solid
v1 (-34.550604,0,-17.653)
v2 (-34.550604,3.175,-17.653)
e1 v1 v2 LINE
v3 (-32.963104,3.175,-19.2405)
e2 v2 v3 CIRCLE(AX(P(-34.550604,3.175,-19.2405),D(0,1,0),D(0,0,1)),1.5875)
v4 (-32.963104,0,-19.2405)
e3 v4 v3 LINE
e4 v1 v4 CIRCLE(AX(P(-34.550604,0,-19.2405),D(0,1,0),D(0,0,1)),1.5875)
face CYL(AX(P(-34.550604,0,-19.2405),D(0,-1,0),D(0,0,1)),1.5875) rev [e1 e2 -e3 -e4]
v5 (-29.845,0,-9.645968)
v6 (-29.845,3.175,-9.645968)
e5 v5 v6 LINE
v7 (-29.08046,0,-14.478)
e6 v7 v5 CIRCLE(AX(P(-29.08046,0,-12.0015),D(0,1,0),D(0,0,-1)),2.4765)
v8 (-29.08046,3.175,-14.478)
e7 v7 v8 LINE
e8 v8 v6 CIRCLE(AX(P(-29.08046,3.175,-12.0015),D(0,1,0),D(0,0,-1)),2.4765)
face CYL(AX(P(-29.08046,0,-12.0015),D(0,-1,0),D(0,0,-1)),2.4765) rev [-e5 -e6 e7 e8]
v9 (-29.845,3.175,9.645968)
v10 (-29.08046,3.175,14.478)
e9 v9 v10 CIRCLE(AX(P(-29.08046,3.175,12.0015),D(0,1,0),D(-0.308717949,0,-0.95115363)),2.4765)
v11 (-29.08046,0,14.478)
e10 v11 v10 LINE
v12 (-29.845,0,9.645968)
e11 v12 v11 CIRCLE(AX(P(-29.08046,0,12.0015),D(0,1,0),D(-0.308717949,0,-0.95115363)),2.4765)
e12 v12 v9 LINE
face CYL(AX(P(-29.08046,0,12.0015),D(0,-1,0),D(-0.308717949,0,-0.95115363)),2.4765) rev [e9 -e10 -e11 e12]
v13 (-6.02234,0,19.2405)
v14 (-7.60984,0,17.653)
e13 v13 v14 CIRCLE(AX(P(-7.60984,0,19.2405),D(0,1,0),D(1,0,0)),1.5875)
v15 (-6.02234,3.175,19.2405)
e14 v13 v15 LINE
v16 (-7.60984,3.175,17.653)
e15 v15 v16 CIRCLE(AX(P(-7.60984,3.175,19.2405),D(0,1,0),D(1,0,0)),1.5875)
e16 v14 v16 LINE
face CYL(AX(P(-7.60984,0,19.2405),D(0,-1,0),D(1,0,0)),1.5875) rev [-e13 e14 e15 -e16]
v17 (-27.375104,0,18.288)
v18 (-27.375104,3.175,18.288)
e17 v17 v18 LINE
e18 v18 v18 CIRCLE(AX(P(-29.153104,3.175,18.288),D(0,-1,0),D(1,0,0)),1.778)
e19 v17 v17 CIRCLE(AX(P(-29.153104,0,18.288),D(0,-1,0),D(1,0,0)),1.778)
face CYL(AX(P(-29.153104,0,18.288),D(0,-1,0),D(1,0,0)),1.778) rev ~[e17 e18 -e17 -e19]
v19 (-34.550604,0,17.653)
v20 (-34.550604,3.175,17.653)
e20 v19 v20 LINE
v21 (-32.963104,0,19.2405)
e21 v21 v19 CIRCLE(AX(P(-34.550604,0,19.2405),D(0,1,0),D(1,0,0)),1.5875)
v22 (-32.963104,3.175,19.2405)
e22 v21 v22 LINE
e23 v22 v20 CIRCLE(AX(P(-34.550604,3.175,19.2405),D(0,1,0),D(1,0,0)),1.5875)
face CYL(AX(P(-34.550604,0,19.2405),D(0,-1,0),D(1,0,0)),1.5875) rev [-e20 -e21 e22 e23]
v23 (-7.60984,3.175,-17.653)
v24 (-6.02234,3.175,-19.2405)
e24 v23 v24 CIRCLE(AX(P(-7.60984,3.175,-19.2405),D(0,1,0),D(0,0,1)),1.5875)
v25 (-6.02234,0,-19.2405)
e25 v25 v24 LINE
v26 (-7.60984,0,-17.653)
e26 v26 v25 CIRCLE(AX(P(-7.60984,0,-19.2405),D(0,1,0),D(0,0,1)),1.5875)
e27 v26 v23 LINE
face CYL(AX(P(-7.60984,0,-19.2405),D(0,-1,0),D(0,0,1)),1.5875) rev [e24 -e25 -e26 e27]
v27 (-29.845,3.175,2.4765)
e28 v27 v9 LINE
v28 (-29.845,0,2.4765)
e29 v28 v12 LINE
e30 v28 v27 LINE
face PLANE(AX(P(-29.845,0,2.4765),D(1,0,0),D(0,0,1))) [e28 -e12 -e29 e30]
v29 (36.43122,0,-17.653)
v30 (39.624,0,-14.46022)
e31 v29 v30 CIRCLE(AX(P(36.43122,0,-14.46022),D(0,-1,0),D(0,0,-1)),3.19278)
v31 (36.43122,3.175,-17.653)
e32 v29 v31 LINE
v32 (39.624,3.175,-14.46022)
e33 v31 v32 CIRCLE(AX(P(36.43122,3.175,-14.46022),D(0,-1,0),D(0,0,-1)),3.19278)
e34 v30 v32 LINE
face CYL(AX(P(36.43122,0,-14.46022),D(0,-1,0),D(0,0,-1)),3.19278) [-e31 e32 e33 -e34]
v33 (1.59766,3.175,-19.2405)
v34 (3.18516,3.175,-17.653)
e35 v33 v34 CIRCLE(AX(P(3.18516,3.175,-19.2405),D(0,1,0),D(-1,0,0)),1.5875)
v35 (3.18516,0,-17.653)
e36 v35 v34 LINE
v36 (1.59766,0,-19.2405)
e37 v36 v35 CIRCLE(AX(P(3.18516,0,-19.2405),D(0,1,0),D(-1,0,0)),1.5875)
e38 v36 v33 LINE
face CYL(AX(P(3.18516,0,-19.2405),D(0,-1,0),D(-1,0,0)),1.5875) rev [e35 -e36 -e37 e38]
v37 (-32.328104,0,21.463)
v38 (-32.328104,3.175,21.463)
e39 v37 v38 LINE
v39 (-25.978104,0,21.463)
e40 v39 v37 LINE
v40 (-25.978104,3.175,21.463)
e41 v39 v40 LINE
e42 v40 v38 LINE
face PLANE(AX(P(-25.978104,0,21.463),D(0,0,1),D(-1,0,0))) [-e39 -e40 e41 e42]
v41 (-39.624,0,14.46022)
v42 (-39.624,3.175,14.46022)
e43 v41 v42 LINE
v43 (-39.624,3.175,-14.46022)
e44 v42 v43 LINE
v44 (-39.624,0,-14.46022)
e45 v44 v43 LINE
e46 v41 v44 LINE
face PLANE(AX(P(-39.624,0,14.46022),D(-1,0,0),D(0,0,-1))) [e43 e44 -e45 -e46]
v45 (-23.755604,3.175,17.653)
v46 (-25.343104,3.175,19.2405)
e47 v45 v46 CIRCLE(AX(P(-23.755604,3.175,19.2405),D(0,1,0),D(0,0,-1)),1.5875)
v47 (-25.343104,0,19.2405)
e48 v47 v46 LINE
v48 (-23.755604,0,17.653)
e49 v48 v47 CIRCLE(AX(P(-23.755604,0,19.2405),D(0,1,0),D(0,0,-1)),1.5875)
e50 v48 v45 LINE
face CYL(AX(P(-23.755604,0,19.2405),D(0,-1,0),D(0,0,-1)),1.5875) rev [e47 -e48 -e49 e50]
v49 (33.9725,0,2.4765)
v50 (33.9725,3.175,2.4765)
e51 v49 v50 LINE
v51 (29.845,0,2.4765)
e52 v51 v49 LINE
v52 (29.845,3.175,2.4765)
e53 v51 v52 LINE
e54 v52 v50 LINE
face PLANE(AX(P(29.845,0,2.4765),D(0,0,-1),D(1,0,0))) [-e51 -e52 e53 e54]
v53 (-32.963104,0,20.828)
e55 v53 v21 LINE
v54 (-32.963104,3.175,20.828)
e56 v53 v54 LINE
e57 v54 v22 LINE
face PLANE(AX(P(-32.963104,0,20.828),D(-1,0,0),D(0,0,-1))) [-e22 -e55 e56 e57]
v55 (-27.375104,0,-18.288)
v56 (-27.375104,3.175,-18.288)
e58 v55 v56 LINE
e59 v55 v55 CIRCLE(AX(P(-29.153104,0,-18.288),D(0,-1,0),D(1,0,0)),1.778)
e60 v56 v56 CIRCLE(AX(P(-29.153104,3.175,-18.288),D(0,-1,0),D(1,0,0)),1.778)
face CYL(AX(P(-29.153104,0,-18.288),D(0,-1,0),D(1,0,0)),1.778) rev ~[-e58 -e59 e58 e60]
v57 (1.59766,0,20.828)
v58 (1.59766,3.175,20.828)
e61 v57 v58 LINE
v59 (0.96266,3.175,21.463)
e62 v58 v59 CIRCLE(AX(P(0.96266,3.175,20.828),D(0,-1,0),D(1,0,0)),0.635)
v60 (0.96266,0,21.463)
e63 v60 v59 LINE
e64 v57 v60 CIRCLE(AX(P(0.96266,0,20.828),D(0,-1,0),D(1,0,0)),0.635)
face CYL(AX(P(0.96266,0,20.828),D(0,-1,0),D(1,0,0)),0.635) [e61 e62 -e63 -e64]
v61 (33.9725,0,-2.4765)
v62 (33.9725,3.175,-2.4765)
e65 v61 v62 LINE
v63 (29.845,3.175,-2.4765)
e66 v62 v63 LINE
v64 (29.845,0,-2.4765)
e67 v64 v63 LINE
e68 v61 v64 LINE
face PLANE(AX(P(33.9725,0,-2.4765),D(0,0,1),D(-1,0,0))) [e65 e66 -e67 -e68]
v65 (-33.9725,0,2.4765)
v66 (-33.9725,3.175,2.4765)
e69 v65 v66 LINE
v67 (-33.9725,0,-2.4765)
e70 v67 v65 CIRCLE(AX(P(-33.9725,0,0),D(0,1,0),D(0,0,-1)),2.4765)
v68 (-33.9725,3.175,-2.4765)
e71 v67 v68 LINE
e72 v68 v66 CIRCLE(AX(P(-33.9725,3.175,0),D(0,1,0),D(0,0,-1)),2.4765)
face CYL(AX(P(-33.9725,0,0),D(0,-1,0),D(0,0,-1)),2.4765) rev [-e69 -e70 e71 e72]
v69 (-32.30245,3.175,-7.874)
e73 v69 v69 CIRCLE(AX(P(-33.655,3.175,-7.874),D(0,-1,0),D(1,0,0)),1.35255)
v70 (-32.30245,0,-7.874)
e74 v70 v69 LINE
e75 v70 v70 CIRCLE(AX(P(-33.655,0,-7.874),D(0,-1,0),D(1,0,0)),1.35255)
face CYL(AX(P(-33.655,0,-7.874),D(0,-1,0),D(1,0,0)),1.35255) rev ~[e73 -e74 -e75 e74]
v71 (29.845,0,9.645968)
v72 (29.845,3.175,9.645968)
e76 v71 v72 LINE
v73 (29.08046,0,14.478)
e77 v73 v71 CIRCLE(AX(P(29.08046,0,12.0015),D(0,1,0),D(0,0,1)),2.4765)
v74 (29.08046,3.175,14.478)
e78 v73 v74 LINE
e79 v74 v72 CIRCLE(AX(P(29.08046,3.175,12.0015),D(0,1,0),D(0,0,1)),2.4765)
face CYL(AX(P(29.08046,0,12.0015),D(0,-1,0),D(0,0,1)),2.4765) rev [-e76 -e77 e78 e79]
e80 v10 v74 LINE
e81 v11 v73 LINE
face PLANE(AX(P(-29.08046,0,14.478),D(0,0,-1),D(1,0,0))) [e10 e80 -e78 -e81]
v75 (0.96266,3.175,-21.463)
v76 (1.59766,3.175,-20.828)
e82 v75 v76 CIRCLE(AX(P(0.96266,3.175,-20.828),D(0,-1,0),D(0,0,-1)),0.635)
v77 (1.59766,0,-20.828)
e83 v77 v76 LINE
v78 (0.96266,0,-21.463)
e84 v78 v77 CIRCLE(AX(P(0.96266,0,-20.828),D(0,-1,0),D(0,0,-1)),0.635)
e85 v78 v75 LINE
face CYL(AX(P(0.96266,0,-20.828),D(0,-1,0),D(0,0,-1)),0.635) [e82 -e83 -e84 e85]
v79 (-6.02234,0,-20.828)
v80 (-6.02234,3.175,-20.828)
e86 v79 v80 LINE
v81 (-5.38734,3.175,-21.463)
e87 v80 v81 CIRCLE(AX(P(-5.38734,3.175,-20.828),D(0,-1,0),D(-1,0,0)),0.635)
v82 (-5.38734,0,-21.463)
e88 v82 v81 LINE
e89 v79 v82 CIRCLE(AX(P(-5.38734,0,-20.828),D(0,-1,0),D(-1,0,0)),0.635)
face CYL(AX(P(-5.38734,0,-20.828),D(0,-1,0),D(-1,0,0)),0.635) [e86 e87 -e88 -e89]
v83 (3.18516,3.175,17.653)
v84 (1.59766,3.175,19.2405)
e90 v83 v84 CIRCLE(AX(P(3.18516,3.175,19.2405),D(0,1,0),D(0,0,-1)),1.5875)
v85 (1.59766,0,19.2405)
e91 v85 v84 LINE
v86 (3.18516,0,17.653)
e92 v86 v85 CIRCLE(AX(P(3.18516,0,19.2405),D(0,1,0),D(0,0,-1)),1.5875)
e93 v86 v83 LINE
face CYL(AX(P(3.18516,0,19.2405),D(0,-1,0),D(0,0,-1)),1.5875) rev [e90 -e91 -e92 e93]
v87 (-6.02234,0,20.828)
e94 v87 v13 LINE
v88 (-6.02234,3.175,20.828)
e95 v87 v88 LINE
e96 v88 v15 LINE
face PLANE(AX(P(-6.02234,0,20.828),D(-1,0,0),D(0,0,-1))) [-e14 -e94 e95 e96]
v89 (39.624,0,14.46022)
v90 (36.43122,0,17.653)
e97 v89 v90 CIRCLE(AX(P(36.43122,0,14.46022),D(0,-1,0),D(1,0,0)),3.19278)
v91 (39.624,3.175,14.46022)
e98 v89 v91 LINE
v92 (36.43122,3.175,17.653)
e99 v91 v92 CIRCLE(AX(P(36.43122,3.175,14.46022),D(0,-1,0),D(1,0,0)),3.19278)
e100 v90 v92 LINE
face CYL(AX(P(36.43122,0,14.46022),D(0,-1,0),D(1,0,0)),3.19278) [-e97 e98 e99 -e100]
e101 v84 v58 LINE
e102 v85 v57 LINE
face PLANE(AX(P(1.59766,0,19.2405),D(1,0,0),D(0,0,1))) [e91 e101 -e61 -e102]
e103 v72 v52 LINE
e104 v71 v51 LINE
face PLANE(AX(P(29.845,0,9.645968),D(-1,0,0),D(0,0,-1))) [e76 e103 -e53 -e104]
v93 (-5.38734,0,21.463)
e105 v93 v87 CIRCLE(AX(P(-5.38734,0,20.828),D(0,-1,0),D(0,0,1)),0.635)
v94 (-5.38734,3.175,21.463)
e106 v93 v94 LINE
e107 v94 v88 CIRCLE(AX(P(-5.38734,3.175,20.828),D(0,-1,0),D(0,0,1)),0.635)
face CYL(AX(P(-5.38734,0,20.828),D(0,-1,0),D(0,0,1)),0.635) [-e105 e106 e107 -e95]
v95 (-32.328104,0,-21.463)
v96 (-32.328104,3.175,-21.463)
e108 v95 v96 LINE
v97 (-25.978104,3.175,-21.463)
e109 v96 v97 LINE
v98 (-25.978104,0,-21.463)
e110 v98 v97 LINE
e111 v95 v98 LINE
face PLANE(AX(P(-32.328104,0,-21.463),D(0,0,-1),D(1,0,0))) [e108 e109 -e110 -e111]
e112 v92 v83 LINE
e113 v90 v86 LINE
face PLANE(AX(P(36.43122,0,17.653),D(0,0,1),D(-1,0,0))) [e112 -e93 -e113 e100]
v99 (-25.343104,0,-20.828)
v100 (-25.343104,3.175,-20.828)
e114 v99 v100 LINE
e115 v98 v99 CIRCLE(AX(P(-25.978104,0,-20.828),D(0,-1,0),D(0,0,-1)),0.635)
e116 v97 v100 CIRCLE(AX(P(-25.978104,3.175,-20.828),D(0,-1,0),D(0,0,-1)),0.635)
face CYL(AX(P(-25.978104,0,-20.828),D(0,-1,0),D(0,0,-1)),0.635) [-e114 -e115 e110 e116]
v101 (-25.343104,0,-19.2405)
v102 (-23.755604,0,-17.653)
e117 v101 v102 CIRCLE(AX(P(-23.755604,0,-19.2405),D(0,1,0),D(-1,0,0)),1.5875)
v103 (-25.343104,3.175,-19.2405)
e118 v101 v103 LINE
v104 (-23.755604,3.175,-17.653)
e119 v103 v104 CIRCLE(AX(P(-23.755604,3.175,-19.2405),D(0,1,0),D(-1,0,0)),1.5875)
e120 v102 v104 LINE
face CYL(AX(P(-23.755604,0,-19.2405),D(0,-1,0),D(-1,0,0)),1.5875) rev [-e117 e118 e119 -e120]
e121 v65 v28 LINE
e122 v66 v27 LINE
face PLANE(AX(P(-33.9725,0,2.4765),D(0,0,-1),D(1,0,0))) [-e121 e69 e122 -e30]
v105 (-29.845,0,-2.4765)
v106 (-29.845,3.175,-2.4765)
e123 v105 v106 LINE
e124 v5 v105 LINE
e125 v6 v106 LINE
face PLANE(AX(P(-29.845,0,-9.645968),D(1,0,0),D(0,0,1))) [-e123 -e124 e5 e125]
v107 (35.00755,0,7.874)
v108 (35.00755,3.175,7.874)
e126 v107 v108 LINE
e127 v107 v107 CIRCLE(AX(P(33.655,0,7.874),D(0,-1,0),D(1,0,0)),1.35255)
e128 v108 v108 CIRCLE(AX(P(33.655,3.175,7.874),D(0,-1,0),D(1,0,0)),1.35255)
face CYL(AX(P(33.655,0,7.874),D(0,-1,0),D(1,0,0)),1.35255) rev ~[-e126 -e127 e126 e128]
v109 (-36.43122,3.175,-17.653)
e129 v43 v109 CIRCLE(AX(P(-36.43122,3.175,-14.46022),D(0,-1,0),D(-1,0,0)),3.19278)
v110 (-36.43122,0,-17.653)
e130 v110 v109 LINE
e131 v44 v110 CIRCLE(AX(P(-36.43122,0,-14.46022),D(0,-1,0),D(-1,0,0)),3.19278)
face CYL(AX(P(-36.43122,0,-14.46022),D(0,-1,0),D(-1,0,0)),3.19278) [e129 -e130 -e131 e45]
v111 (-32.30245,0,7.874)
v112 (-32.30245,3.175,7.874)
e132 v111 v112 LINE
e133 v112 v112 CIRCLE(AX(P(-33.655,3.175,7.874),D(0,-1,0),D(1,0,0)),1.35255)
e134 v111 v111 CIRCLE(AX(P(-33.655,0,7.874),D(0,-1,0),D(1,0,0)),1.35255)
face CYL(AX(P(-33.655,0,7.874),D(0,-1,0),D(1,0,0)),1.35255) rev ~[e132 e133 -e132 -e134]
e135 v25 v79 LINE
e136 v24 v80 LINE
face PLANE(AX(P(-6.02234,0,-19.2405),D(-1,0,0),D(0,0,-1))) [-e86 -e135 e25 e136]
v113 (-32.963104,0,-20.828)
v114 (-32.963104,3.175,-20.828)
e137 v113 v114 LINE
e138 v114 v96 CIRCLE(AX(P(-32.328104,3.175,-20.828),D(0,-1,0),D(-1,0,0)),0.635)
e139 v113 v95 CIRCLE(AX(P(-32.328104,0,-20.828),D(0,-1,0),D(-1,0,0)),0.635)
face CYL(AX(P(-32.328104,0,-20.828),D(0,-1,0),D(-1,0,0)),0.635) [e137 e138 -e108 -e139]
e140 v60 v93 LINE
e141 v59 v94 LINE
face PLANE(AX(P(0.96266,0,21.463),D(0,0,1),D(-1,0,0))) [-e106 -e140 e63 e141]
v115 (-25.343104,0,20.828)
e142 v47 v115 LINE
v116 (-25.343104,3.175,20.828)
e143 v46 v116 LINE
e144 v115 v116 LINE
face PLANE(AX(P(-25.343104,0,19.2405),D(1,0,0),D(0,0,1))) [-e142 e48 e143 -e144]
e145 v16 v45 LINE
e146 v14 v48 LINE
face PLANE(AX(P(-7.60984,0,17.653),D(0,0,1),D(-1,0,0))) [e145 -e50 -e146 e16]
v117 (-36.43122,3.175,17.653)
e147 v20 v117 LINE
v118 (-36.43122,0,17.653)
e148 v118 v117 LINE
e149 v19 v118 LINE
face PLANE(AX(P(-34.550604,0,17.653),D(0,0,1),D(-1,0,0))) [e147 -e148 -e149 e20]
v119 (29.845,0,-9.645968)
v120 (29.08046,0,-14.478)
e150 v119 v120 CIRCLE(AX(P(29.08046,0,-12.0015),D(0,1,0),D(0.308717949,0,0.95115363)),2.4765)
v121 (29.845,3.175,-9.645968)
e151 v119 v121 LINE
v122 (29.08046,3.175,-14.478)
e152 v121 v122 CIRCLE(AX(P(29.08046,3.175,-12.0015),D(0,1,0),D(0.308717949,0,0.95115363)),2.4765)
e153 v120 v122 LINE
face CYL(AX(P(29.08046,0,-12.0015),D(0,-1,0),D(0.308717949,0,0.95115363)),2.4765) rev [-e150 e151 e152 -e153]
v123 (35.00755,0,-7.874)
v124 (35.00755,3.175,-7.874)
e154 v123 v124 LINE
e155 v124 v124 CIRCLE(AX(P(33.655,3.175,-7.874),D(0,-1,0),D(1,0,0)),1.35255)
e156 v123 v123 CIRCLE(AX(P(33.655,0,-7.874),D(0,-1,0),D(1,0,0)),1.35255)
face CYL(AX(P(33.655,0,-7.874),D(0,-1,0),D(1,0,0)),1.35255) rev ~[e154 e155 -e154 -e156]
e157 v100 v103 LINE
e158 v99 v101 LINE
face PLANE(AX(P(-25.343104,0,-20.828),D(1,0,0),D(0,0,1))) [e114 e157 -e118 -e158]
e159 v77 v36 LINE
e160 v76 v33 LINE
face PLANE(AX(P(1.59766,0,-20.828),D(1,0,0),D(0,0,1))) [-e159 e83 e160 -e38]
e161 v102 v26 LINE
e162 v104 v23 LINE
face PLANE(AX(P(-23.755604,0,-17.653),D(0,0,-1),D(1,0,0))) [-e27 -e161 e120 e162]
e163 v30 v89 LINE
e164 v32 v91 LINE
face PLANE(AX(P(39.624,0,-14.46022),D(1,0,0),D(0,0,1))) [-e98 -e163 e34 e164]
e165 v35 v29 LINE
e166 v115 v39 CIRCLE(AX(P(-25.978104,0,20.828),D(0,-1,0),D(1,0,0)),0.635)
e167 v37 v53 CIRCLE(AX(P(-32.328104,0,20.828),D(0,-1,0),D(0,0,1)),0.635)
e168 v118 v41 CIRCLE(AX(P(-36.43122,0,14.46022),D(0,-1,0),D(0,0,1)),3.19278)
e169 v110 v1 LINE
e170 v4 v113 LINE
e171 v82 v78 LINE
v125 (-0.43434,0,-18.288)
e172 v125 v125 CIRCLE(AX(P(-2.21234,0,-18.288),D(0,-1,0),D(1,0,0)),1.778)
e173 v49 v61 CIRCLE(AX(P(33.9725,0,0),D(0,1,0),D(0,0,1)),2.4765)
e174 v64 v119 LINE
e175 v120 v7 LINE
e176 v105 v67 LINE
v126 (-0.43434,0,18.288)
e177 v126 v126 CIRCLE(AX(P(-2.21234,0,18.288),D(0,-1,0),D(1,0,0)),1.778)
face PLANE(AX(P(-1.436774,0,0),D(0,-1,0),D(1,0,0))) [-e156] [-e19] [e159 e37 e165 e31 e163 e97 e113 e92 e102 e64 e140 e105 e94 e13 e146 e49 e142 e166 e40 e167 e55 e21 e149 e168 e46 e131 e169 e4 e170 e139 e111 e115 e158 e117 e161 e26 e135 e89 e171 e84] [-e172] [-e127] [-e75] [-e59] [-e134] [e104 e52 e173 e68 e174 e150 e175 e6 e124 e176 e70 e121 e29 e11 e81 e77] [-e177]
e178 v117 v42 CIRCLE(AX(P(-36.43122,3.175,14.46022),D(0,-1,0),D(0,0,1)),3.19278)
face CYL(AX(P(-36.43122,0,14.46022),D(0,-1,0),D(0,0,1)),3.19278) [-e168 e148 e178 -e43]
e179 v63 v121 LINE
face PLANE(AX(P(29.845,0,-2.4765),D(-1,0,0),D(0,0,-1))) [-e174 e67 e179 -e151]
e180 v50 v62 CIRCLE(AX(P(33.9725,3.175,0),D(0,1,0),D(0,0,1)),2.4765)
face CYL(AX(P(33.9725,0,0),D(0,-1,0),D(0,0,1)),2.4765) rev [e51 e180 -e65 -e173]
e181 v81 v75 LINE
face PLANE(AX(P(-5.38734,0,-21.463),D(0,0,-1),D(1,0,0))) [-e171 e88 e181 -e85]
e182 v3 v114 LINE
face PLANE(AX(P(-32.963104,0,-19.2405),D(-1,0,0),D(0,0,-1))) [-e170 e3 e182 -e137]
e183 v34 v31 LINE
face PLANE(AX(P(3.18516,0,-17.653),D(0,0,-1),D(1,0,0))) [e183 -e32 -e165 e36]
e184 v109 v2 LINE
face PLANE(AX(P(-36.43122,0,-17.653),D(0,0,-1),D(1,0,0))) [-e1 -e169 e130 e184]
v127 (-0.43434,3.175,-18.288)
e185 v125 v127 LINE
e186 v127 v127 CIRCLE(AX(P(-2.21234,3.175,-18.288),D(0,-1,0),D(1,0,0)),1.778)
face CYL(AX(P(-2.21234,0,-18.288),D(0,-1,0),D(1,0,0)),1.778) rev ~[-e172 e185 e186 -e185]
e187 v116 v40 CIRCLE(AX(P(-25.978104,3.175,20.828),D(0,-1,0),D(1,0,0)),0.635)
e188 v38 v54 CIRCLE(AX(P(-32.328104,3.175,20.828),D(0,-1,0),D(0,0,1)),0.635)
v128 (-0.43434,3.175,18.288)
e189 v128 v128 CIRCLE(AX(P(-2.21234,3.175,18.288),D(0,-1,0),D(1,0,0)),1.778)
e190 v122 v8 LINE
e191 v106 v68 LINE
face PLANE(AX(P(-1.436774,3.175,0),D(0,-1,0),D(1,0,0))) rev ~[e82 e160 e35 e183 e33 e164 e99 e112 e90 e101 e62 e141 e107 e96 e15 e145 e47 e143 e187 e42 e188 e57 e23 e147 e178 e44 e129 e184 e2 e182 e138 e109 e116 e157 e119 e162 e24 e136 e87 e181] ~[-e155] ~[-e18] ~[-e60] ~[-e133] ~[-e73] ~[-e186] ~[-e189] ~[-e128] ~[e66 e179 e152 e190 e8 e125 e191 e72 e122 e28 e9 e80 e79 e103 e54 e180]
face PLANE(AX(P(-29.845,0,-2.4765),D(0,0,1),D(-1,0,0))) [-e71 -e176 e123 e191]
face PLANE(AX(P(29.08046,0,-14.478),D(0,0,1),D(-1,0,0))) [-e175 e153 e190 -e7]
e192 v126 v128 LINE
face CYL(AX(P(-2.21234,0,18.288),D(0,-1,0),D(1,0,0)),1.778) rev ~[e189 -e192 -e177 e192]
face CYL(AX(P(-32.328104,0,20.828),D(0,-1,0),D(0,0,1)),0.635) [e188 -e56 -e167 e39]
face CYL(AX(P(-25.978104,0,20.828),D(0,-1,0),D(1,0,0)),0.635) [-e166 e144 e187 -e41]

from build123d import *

# Parameters (mm, degrees)
SKETCH1_R           = 1.35255
SKETCH1_R_2         = 1.778
BOSS_EXTRUDE1_DEPTH = 3.175


with BuildPart() as part:
    # Sketch1 → Boss-Extrude1 (new body)
    with BuildSketch(Plane.XZ):
        with BuildLine():
            Line((-6.02234, -19.2405), (-6.02234, -20.828))
            ThreePointArc((-6.02234, -20.828), (-5.836352806, -21.277012806), (-5.38734, -21.463))
            Line((-5.38734, -21.463), (0.96266, -21.463))
            ThreePointArc((0.96266, -21.463), (1.411672806, -21.277012806), (1.59766, -20.828))
            Line((1.59766, -20.828), (1.59766, -19.2405))
            ThreePointArc((1.59766, -19.2405), (2.062627985, -18.117967985), (3.18516, -17.653))
            Line((3.18516, -17.653), (36.43122, -17.653))
            ThreePointArc((36.43122, -17.653), (38.688856389, -16.717856389), (39.624, -14.46022))
            Line((39.624, -14.46022), (39.624, 14.46022))
            ThreePointArc((39.624, 14.46022), (38.688856389, 16.717856389), (36.43122, 17.653))
            Line((36.43122, 17.653), (3.18516, 17.653))
            ThreePointArc((3.18516, 17.653), (2.062627985, 18.117967985), (1.59766, 19.2405))
            Line((1.59766, 19.2405), (1.59766, 20.828))
            ThreePointArc((1.59766, 20.828), (1.411672806, 21.277012806), (0.96266, 21.463))
            Line((0.96266, 21.463), (-5.38734, 21.463))
            ThreePointArc((-5.38734, 21.463), (-5.836352806, 21.277012806), (-6.02234, 20.828))
            Line((-6.02234, 20.828), (-6.02234, 19.2405))
            ThreePointArc((-6.02234, 19.2405), (-6.487307985, 18.117967985), (-7.60984, 17.653))
            Line((-7.60984, 17.653), (-23.755604, 17.653))
            ThreePointArc((-23.755604, 17.653), (-24.878136015, 18.117967985), (-25.343104, 19.2405))
            Line((-25.343104, 19.2405), (-25.343104, 20.828))
            ThreePointArc((-25.343104, 20.828), (-25.529091194, 21.277012806), (-25.978104, 21.463))
            Line((-25.978104, 21.463), (-32.328104, 21.463))
            ThreePointArc((-32.328104, 21.463), (-32.777116806, 21.277012806), (-32.963104, 20.828))
            Line((-32.963104, 20.828), (-32.963104, 19.2405))
            ThreePointArc((-32.963104, 19.2405), (-33.428071985, 18.117967985), (-34.550604, 17.653))
            Line((-34.550604, 17.653), (-36.43122, 17.653))
            ThreePointArc((-36.43122, 17.653), (-38.688856389, 16.717856389), (-39.624, 14.46022))
            Line((-39.624, 14.46022), (-39.624, -14.46022))
            ThreePointArc((-39.624, -14.46022), (-38.688856389, -16.717856389), (-36.43122, -17.653))
            Line((-36.43122, -17.653), (-34.550604, -17.653))
            ThreePointArc((-34.550604, -17.653), (-33.428071985, -18.117967985), (-32.963104, -19.2405))
            Line((-32.963104, -19.2405), (-32.963104, -20.828))
            ThreePointArc((-32.963104, -20.828), (-32.777116806, -21.277012806), (-32.328104, -21.463))
            Line((-32.328104, -21.463), (-25.978104, -21.463))
            ThreePointArc((-25.978104, -21.463), (-25.529091194, -21.277012806), (-25.343104, -20.828))
            Line((-25.343104, -20.828), (-25.343104, -19.2405))
            ThreePointArc((-25.343104, -19.2405), (-24.878136015, -18.117967985), (-23.755604, -17.653))
            Line((-23.755604, -17.653), (-7.60984, -17.653))
            ThreePointArc((-7.60984, -17.653), (-6.487307985, -18.117967985), (-6.02234, -19.2405))
        make_face()
        with Locations((33.655, -7.874)):
            Circle(SKETCH1_R, mode=Mode.SUBTRACT)
        with Locations((-33.655, 7.874)):
            Circle(SKETCH1_R, mode=Mode.SUBTRACT)
        with Locations((-33.655, -7.874)):
            Circle(SKETCH1_R, mode=Mode.SUBTRACT)
        with Locations((-2.21234, 18.288)):
            Circle(SKETCH1_R_2, mode=Mode.SUBTRACT)
        with Locations((-29.153104, -18.288)):
            Circle(SKETCH1_R_2, mode=Mode.SUBTRACT)
        with Locations((-2.21234, -18.288)):
            Circle(SKETCH1_R_2, mode=Mode.SUBTRACT)
        with Locations((-29.153104, 18.288)):
            Circle(SKETCH1_R_2, mode=Mode.SUBTRACT)
        with Locations((33.655, 7.874)):
            Circle(SKETCH1_R, mode=Mode.SUBTRACT)
        with BuildLine():
            Line((-33.9725, 2.4765), (-29.845, 2.4765))
            Line((-29.845, 2.4765), (-29.845, 9.645968035))
            ThreePointArc((-29.845, 9.645968035), (-31.52653105, 12.388525412), (-29.08046, 14.478))
            Line((-29.08046, 14.478), (29.08046, 14.478))
            ThreePointArc((29.08046, 14.478), (31.52653105, 12.388525412), (29.845, 9.645968035))
            Line((29.845, 9.645968035), (29.845, 2.4765))
            Line((29.845, 2.4765), (33.9725, 2.4765))
            ThreePointArc((33.9725, 2.4765), (36.449, 0), (33.9725, -2.4765))
            Line((33.9725, -2.4765), (29.845, -2.4765))
            Line((29.845, -2.4765), (29.845, -9.645968035))
            ThreePointArc((29.845, -9.645968035), (31.52653105, -12.388525412), (29.08046, -14.478))
            Line((29.08046, -14.478), (-29.08046, -14.478))
            ThreePointArc((-29.08046, -14.478), (-31.52653105, -12.388525412), (-29.845, -9.645968035))
            Line((-29.845, -9.645968035), (-29.845, -2.4765))
            Line((-29.845, -2.4765), (-33.9725, -2.4765))
            ThreePointArc((-33.9725, -2.4765), (-36.449, 0), (-33.9725, 2.4765))
        make_face(mode=Mode.SUBTRACT)
    extrude(amount=-BOSS_EXTRUDE1_DEPTH)


solid = part.part
